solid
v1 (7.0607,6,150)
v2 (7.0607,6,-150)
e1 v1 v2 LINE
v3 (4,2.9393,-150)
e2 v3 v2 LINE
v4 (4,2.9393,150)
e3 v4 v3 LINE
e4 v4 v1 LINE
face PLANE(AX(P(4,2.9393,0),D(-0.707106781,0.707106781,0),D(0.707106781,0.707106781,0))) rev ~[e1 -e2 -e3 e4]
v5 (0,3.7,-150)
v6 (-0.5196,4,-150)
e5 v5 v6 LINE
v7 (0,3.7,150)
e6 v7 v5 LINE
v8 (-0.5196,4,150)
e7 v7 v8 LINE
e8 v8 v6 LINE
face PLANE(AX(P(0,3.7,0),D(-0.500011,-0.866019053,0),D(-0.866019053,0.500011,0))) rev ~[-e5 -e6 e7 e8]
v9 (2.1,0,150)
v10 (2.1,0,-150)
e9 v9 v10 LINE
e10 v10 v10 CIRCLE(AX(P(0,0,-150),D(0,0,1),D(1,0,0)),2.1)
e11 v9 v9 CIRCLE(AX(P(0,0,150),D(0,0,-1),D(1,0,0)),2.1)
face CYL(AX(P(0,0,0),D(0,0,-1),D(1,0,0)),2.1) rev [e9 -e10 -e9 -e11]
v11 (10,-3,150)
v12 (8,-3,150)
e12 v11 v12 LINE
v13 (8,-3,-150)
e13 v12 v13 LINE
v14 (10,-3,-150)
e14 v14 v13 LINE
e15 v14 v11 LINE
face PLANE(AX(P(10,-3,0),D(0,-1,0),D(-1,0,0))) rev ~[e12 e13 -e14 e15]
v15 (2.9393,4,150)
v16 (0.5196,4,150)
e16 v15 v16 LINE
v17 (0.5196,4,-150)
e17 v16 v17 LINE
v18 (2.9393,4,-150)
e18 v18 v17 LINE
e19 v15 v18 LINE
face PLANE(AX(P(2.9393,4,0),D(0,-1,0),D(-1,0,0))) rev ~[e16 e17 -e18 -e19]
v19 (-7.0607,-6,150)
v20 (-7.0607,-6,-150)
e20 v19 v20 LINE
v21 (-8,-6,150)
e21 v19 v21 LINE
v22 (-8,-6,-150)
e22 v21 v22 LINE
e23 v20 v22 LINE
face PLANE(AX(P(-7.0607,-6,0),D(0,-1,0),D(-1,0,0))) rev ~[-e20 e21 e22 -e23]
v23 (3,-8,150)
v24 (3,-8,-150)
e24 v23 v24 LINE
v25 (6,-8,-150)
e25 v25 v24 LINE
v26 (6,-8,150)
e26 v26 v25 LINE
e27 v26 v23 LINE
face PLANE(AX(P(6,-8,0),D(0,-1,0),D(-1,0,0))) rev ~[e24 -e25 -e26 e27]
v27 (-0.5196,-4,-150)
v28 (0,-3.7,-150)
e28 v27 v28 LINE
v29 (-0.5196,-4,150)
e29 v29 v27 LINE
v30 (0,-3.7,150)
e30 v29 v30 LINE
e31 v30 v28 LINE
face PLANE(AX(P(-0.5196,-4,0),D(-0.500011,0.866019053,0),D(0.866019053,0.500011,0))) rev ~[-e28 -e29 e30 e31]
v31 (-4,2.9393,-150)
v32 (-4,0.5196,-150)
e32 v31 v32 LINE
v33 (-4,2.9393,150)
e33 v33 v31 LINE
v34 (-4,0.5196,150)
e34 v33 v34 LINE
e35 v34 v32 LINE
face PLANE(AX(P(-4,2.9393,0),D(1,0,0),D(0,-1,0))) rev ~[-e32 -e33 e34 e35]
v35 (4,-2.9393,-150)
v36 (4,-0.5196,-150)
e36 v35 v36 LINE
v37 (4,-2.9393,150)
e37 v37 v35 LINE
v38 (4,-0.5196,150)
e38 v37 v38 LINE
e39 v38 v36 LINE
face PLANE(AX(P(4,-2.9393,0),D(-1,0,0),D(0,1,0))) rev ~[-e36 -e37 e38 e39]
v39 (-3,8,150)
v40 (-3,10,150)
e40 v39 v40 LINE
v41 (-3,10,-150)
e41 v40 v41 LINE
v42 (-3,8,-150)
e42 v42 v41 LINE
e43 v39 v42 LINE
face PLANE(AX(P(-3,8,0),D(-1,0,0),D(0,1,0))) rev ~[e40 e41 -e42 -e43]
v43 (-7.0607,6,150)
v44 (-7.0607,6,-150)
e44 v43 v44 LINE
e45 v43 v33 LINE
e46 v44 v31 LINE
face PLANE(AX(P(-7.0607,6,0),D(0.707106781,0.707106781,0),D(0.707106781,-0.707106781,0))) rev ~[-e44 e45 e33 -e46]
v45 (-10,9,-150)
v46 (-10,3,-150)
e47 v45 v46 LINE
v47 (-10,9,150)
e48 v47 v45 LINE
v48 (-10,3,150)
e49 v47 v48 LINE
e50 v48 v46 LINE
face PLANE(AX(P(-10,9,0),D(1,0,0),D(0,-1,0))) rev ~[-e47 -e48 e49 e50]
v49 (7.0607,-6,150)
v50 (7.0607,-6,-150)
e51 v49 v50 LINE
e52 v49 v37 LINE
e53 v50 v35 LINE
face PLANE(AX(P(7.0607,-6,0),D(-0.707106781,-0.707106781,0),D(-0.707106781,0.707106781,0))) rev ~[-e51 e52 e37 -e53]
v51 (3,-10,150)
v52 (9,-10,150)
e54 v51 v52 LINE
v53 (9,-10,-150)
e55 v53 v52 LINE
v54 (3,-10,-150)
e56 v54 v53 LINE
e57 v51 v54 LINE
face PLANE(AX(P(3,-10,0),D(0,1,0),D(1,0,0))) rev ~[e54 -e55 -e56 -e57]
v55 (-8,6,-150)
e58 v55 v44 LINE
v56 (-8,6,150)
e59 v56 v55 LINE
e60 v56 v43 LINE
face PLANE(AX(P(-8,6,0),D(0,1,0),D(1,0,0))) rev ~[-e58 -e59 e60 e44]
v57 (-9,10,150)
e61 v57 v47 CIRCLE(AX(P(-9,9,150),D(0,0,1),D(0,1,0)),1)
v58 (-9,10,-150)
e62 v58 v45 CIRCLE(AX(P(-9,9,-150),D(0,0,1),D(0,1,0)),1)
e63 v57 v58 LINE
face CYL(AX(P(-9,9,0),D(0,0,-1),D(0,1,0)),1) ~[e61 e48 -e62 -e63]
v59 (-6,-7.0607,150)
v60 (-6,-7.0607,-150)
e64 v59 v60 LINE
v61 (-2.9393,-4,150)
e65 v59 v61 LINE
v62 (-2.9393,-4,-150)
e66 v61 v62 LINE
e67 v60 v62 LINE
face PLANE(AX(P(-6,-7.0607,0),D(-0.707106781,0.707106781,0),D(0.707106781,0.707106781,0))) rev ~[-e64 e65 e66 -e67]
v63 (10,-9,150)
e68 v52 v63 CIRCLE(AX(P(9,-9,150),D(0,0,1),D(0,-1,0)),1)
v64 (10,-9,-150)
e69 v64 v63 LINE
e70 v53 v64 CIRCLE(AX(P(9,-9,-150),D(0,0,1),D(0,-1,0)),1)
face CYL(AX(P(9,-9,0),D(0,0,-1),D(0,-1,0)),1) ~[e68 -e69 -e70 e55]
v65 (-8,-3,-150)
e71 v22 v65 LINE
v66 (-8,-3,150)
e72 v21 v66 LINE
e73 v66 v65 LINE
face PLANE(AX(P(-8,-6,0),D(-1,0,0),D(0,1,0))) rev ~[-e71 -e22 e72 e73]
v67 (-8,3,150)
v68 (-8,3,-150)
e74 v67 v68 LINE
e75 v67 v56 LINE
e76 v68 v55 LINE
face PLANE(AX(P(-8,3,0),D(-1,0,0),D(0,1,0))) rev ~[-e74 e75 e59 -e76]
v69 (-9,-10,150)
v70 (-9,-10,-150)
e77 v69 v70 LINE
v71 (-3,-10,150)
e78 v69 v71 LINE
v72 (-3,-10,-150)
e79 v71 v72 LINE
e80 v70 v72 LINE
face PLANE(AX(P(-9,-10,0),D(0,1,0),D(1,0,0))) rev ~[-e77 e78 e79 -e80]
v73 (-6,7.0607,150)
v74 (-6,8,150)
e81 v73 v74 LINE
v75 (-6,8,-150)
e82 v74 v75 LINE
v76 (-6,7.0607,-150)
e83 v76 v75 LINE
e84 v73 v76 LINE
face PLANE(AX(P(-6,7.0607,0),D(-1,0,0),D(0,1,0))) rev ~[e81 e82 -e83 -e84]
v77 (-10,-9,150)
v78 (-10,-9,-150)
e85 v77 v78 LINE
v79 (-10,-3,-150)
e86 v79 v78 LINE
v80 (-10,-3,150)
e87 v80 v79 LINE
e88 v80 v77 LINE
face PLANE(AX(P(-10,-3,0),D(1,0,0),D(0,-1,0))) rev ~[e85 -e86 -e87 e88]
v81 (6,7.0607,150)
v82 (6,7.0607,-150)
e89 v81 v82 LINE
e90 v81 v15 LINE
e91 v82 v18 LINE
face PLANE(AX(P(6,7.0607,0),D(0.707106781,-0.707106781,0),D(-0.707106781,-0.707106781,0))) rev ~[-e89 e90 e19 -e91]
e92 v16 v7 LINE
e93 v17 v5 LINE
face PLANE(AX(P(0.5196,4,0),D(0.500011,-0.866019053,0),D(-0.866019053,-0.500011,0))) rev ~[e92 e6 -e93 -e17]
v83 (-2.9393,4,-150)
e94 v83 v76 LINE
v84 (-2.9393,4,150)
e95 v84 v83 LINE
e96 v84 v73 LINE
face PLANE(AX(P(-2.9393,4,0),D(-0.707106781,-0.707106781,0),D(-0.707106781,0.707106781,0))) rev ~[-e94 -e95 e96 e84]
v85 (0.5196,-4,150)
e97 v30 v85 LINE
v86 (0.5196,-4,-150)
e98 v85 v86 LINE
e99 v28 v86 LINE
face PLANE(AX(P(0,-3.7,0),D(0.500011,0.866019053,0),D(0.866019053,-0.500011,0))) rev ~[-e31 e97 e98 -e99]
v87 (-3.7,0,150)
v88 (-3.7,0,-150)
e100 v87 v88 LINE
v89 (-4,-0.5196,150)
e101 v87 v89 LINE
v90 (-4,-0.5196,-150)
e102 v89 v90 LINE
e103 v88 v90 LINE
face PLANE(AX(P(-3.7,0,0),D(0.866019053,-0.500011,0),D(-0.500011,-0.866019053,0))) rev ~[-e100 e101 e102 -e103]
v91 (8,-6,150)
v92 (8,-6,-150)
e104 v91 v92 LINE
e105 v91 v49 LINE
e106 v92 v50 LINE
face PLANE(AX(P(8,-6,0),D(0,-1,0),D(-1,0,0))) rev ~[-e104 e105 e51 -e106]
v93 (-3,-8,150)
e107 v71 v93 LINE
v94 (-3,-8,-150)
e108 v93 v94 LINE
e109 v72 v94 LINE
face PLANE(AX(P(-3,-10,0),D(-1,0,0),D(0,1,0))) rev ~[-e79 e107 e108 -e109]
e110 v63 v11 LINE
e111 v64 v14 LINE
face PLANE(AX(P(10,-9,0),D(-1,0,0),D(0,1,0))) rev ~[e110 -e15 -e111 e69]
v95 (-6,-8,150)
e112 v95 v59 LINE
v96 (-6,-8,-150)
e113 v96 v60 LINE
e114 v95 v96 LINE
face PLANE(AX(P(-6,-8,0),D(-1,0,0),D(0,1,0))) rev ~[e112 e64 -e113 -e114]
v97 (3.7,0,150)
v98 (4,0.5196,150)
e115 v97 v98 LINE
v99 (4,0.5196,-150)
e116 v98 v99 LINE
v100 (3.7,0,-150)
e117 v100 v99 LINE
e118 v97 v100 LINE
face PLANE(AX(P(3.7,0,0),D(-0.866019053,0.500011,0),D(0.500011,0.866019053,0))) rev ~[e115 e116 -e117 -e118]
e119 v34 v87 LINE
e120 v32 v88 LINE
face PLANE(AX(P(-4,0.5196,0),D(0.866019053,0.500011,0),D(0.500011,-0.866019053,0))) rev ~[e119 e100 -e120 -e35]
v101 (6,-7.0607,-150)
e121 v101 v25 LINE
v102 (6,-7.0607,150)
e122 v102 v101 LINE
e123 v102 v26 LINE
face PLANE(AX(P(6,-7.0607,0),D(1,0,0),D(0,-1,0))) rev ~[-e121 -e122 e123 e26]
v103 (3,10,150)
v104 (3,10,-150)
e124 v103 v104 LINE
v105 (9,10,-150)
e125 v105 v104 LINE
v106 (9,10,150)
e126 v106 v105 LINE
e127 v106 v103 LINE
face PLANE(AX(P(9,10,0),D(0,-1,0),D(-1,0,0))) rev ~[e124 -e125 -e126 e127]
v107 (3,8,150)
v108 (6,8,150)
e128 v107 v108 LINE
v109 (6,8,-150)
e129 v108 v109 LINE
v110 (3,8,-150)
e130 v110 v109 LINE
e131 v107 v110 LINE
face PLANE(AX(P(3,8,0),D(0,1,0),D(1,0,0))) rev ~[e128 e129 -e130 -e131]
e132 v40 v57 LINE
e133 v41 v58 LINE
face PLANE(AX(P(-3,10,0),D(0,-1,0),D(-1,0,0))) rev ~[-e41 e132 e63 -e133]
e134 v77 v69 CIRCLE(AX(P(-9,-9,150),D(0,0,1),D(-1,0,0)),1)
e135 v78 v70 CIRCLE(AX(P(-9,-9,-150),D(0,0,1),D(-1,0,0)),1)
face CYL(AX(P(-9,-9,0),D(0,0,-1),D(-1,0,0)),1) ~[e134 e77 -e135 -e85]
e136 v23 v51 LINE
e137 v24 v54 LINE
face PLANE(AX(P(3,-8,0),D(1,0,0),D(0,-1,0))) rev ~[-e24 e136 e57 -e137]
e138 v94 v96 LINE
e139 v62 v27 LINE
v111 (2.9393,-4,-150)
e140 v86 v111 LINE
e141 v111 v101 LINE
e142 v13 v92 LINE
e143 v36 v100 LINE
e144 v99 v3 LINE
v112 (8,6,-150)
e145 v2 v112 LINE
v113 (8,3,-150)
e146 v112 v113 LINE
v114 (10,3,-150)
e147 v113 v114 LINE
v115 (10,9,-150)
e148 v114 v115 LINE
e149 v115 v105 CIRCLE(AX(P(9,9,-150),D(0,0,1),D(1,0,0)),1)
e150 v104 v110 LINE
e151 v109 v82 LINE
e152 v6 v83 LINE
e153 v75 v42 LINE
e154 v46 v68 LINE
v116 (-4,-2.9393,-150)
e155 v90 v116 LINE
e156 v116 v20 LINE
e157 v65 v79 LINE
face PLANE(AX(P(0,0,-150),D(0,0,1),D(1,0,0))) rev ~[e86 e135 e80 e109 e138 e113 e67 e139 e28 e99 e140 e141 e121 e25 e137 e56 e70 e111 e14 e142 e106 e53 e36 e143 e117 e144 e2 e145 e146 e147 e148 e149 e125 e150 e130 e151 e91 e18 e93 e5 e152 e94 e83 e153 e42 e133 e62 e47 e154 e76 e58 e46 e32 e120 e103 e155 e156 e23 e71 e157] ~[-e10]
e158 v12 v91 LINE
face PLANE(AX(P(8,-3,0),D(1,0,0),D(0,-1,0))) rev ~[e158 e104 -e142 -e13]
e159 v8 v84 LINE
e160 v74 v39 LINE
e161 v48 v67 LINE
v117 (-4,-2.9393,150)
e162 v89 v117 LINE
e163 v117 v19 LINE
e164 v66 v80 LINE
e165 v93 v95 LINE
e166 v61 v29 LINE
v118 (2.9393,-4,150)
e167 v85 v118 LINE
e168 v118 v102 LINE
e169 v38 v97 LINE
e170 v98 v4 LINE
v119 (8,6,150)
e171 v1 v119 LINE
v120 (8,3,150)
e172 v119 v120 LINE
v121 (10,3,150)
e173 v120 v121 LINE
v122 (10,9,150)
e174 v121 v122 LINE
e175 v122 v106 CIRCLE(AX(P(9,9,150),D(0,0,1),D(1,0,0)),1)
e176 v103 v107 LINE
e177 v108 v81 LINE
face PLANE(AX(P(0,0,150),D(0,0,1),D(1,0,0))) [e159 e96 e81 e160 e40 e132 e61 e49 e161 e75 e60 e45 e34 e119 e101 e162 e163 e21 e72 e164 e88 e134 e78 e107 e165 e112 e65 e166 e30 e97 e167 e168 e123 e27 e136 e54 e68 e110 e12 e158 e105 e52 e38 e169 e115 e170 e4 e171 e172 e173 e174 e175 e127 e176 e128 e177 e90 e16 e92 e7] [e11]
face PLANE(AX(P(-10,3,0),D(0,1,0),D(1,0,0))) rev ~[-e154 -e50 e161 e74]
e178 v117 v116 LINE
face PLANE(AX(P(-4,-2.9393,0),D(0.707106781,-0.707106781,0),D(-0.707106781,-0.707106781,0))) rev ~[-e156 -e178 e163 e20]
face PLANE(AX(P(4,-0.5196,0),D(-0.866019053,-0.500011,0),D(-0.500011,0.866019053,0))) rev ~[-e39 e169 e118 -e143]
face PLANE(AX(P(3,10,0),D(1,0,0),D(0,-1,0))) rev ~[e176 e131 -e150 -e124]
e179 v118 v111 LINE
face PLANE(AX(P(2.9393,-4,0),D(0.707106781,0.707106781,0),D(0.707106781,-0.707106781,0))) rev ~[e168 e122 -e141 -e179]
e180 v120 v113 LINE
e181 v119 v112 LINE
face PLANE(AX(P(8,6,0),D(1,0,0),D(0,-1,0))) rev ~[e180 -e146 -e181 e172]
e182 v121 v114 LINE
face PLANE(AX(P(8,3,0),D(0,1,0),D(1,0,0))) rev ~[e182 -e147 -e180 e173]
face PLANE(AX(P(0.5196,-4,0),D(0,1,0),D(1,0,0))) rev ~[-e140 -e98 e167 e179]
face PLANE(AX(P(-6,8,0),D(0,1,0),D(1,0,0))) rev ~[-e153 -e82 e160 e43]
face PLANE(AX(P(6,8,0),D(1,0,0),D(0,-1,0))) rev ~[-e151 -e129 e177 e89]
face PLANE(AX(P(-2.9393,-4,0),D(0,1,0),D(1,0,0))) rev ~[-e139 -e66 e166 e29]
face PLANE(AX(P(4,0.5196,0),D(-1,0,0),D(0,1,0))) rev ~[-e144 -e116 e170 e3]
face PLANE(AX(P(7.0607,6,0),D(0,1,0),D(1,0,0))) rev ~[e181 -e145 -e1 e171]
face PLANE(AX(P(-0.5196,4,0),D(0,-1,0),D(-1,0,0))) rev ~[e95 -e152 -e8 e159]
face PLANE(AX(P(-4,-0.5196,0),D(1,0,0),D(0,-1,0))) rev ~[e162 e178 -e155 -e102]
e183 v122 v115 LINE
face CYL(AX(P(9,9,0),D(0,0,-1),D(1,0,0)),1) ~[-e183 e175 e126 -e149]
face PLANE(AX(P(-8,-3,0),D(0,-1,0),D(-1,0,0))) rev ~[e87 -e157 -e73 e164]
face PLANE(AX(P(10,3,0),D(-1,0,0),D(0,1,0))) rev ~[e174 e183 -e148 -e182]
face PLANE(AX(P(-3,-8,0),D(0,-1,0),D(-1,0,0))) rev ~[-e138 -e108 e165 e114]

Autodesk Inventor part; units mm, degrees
ref_plane "YZ Plane" through (0, 0, 0) normal (1, 0, 0) x (0, 1, 0)
ref_plane "XZ Plane" through (0, 0, 0) normal (0, 1, 0) x (-1, 0, 0)
ref_plane "XY Plane" through (0, 0, 0) normal (0, 0, 1) x (1, 0, 0)
sketch "Sketch1" plane through (0, 0, 0) normal (0, 0, 1) x (1, 0, 0)
  line L0 (-2.205, 0) -> (2.205, 0)
  line L1 (0, -2.205) -> (0, 2.205)
  arc A0 (9, -10) -> (10, -9) centre (9, -9) ccw
  line L2 (-10, 9) -> (-10, 3)
  line L3 (-10, 3) -> (-8, 3)
  line L4 (-8, 3) -> (-8, 6)
  line L5 (-8, 6) -> (-7.0607, 6)
  line L6 (-7.0607, 6) -> (-4, 2.9393)
  line L7 (-4, 2.9393) -> (-4, 0.5196)
  line L8 (-4, 0.5196) -> (-3.7, 0)
  line L9 (-3.7, 0) -> (-4, -0.5196)
  line L10 (-4, -0.5196) -> (-4, -2.9393)
  line L11 (-4, -2.9393) -> (-7.0607, -6)
  line L12 (-7.0607, -6) -> (-8, -6)
  line L13 (-8, -6) -> (-8, -3)
  line L14 (-8, -3) -> (-10, -3)
  line L15 (-10, -3) -> (-10, -9)
  arc A1 (-10, -9) -> (-9, -10) centre (-9, -9) ccw
  line L16 (-9, -10) -> (-3, -10)
  line L17 (-3, -10) -> (-3, -8)
  line L18 (-3, -8) -> (-6, -8)
  line L19 (-6, -7.0607) -> (-2.9393, -4)
  line L20 (-2.9393, -4) -> (-0.5196, -4)
  line L21 (-0.5196, -4) -> (0, -3.7)
  line L22 (0, -3.7) -> (0.5196, -4)
  line L23 (0.5196, -4) -> (2.9393, -4)
  line L24 (2.9393, -4) -> (6, -7.0607)
  line L25 (6, -7.0607) -> (6, -8)
  line L26 (6, -8) -> (3, -8)
  line L27 (3, -8) -> (3, -10)
  line L28 (3, -10) -> (9, -10)
  line L29 (10, -9) -> (10, -3)
  line L30 (10, -3) -> (8, -3)
  line L31 (8, -3) -> (8, -6)
  line L32 (8, -6) -> (7.0607, -6)
  line L33 (7.0607, -6) -> (4, -2.9393)
  line L34 (4, -2.9393) -> (4, -0.5196)
  line L35 (4, -0.5196) -> (3.7, 0)
  line L36 (3.7, 0) -> (4, 0.5196)
  line L37 (4, 0.5196) -> (4, 2.9393)
  line L38 (4, 2.9393) -> (7.0607, 6)
  line L39 (7.0607, 6) -> (8, 6)
  line L40 (8, 6) -> (8, 3)
  line L41 (8, 3) -> (10, 3)
  line L42 (10, 3) -> (10, 9)
  arc A2 (10, 9) -> (9, 10) centre (9, 9) ccw
  line L43 (9, 10) -> (3, 10)
  line L44 (3, 10) -> (3, 8)
  line L45 (3, 8) -> (6, 8)
  line L46 (6, 8) -> (6, 7.0607)
  line L47 (6, 7.0607) -> (2.9393, 4)
  line L48 (2.9393, 4) -> (0.5196, 4)
  line L49 (0.5196, 4) -> (0, 3.7)
  line L50 (0, 3.7) -> (-0.5196, 4)
  line L51 (-0.5196, 4) -> (-2.9393, 4)
  line L52 (-2.9393, 4) -> (-6, 7.0607)
  line L53 (-6, 7.0607) -> (-6, 8)
  line L54 (-6, 8) -> (-3, 8)
  line L55 (-3, 8) -> (-3, 10)
  line L56 (-3, 10) -> (-9, 10)
  arc A3 (-9, 10) -> (-10, 9) centre (-9, 9) ccw
  circle A4 centre (0, 0) radius 2.1
  line L57 (-6, -8) -> (-6, -7.0607)
extrude "Extrusion1" add sketch "Sketch1" along normal mid plane 300
equation "\"d0\" = testMountWidth"
equation "\"frameAcrylicThickness\" = 9.525"
equation "\"internalAcrylicThickness\" = 6.35"
equation "\"height\" = 127"
equation "\"width\" = 127"
equation "\"depth\" = 273.05"
equation "\"mirrorAngle\" = 5deg"
equation "\"detectorWidth\" = 52"
equation "\"detectorHeight\" = 52"
equation "\"mirrorThickness\" = 3.175"
equation "\"fresnelThickness\" = 0.1"
equation "\"focalLength\" = 76.2"
equation "\"ior\" = 1.49"
equation "\"centerThickness\" = 1.524"
equation "\"fresnelAngle\" = 90deg"
equation "\"fresnelEffectiveDiameter\" = 152.4"
equation "\"oRingWidth\" = 1.5875"
equation "\"sensorHolderDepth\" = 19.05"
equation "\"aerogelClearence\" = 3.175"
equation "\"backplanePCBWidth\" = 76.2"
equation "\"backplanePCBHeight\" = 76.2"
equation "\"backplaneHoleOffsett\" = 6.35"
equation "\"backplanePostionOffsett\" = 12.7"
equation "\"moduleSlotClearence\" = 0.79375"
equation "\"testMountWidth\" = 300"
properties part number "HFS5-2020" material "Aluminum 6061"
